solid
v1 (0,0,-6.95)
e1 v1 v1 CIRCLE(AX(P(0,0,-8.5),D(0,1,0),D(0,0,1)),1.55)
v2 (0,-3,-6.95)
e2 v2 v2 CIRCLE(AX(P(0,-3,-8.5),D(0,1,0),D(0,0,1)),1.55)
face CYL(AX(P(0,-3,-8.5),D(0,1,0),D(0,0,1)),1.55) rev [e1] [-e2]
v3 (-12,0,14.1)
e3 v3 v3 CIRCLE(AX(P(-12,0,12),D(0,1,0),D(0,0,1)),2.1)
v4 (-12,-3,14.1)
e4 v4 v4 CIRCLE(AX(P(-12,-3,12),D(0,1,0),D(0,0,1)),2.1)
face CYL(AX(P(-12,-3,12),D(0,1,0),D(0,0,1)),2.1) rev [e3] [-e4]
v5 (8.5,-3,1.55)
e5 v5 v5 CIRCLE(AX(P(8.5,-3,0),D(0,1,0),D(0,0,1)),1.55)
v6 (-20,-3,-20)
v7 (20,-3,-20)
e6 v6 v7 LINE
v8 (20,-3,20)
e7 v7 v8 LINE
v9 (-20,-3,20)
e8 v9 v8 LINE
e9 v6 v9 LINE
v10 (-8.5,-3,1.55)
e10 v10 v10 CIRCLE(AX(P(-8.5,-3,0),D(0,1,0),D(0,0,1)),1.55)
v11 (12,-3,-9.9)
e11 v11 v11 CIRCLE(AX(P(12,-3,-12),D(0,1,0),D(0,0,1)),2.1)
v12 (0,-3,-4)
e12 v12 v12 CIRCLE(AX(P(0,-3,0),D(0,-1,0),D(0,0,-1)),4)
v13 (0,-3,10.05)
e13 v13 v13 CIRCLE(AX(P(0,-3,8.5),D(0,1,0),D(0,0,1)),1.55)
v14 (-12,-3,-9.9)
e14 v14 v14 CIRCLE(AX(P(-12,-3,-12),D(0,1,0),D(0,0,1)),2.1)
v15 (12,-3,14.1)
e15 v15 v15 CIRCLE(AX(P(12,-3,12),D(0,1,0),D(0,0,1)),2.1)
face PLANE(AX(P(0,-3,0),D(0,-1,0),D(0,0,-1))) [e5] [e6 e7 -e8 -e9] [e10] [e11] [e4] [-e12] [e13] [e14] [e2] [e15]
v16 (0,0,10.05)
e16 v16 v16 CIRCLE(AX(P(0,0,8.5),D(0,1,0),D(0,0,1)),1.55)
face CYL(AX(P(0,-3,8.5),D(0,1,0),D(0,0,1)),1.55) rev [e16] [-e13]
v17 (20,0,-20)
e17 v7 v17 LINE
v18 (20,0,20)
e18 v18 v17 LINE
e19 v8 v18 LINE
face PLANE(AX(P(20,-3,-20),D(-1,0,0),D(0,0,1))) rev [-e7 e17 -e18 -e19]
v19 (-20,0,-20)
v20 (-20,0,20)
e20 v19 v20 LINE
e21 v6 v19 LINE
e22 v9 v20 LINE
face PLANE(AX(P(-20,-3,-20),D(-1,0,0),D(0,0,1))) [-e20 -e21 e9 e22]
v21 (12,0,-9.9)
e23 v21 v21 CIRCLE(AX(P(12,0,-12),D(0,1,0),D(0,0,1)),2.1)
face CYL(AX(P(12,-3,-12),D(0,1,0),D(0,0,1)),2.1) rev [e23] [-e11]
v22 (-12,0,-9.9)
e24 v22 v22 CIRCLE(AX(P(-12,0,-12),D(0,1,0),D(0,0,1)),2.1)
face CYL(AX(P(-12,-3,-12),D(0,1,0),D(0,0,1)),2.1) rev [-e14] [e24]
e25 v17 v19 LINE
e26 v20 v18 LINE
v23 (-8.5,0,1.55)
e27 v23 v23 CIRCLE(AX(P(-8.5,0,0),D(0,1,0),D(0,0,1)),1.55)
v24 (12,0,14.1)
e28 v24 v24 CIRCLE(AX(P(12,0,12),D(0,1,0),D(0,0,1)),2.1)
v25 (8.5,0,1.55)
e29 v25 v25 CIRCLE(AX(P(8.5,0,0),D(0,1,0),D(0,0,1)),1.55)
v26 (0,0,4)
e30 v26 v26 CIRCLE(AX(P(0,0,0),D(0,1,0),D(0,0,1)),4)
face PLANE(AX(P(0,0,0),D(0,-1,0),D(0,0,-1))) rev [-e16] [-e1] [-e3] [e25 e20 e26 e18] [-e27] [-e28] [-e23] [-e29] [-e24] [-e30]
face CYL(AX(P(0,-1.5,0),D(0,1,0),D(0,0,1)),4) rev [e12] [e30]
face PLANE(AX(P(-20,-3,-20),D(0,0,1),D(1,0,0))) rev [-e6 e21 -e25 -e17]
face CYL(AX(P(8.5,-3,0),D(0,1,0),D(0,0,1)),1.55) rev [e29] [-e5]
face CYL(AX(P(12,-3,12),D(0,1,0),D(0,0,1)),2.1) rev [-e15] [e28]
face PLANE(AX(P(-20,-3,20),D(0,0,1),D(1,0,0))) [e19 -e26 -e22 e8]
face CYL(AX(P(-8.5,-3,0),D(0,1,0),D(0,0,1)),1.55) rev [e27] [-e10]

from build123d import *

# Parameters (mm, degrees)
SKETCH_1_W                = 40
SKETCH_1_H                = 40
SKETCH_1_R                = 1.55
EXTRUDE_2_DEPTH           = 3
SKETCH_1_6_R              = 4
CUT_EXTRUDE_1_DEPTH       = 1.5
SKETCH_2_W                = 3
SKETCH_2_H                = 3
EXTRUDE_7_DEPTH           = 45
SKETCH_5_W                = 40
SKETCH_5_H                = 3
EXTRUDE_8_DEPTH           = 40
CUT_EXTRUDE_2_DEPTH       = 4
CUT_EXTRUDE_START         = -4
SKETCH_7_R                = 4
CUT_EXTRUDE_3_DEPTH       = 4
SKETCH_8_R                = 5
CUT_EXTRUDE_4_DEPTH       = 4
SKETCH_9_R                = 2.5
CUT_EXTRUDE_5_DEPTH       = 4
SKETCH_10_W               = 1.5
SKETCH_10_H               = 34
SKETCH_10_W_2             = 34
SKETCH_10_H_2             = 1.5
EXTRUDE_10_DEPTH          = 45
CUT_EXTRUDE_12_DEPTH      = 63.507999488
CUT_EXTRUDE_12_DEPTH_BACK = 4
CUT_EXTRUDE_13_DEPTH      = 4
CUT_EXTRUDE_13_DEPTH_BACK = 64.442887702
CUT_EXTRUDE_15_DEPTH      = 10
CUT_EXTRUDE_15_DEPTH_BACK = 64.442887702
SKETCH_24_5_R             = 1.85
SKETCH_24_5_R_2           = 5.5
CUT_EXTRUDE_16_DEPTH      = 10
CUT_EXTRUDE_16_DEPTH_BACK = 64.442887702
SKETCH_25_R               = 5.5
SKETCH_25_R_2             = 1.85
SKETCH_26_W               = 40
SKETCH_26_H               = 40
CUT_EXTRUDE_17_DEPTH      = 54.150729064
EXTRUDE_START             = -3
SKETCH_27_R               = 5
SKETCH_27_R_2             = 2.1
EXTRUDE_12_DEPTH          = 3


with BuildPart() as part:
    # 草图1 → 凸台-拉伸2 (new body)
    with BuildSketch(Plane(origin=(0, 0, 0), x_dir=(1, 0, 0), z_dir=(0, 1, 0))):
        Rectangle(SKETCH_1_W, SKETCH_1_H)
        with Locations((0, 8.5)):
            Circle(SKETCH_1_R, mode=Mode.SUBTRACT)
        with Locations((8.5, 0)):
            Circle(SKETCH_1_R, mode=Mode.SUBTRACT)
        with Locations((0, -8.5)):
            Circle(SKETCH_1_R, mode=Mode.SUBTRACT)
        with Locations((-8.5, 0)):
            Circle(SKETCH_1_R, mode=Mode.SUBTRACT)
    extrude(amount=-EXTRUDE_2_DEPTH)

    # 草图1<6> → 切除-拉伸1 (cut)
    with BuildSketch(Plane(origin=(0, 0, 0), x_dir=(1, 0, 0), z_dir=(0, 1, 0))):
        Circle(SKETCH_1_6_R)
    extrude(amount=-CUT_EXTRUDE_1_DEPTH, mode=Mode.SUBTRACT)

    # 草图2 → 凸台-拉伸7 (add)
    with BuildSketch(Plane(origin=(0, 0, 0), x_dir=(1, 0, 0), z_dir=(0, 1, 0))):
        with Locations((-18.5, -18.5)):
            Rectangle(SKETCH_2_W, SKETCH_2_H)
        with Locations((18.5, -18.5)):
            Rectangle(SKETCH_2_W, SKETCH_2_H)
        with Locations((-18.5, 18.5)):
            Rectangle(SKETCH_2_W, SKETCH_2_H)
        with Locations((18.5, 18.5)):
            Rectangle(SKETCH_2_W, SKETCH_2_H)
    extrude(amount=EXTRUDE_7_DEPTH)

    # 草图5 → 凸台-拉伸8 (add)
    with BuildSketch(Plane.ZY.offset(20)):
        with Locations((0, 43.5)):
            Rectangle(SKETCH_5_W, SKETCH_5_H)
    extrude(amount=-EXTRUDE_8_DEPTH)

    # 草图6 → 切除-拉伸2 (cut)
    with BuildSketch(Plane(origin=(0, 45, 0), x_dir=(1, 0, 0), z_dir=(0, 1, 0))):
        with BuildLine():
            ThreePointArc((12.5, 0), (-8.838834765, 8.838834765), (0, -12.5))
            ThreePointArc((0, -12.5), (8.838834765, -8.838834765), (12.5, 0))
        make_face()
    extrude(amount=-CUT_EXTRUDE_2_DEPTH, mode=Mode.SUBTRACT)

    # 草图7 → 切除-拉伸3 (cut)
    with BuildSketch(Plane.XZ.offset(3).offset(CUT_EXTRUDE_START)):
        Circle(SKETCH_7_R)
    extrude(amount=CUT_EXTRUDE_3_DEPTH, mode=Mode.SUBTRACT)

    # 草图8 → 切除-拉伸4 (cut)
    with BuildSketch(Plane.XZ.offset(3)):
        with Locations((-12, 12)):
            Circle(SKETCH_8_R)
        with Locations((12, 12)):
            Circle(SKETCH_8_R)
        with Locations((12, -12)):
            Circle(SKETCH_8_R)
        with Locations((-12, -12)):
            Circle(SKETCH_8_R)
    extrude(amount=-CUT_EXTRUDE_4_DEPTH, mode=Mode.SUBTRACT)

    # 草图9 → 切除-拉伸5 (cut)
    with BuildSketch(Plane(origin=(0, 45, 0), x_dir=(1, 0, 0), z_dir=(0, 1, 0))):
        with Locations((-12.727922061, 12.727922061)):
            Circle(SKETCH_9_R)
        with Locations((12.727922061, 12.727922061)):
            Circle(SKETCH_9_R)
        with Locations((12.727922061, -12.727922061)):
            Circle(SKETCH_9_R)
        with Locations((-12.727922061, -12.727922061)):
            Circle(SKETCH_9_R)
    extrude(amount=-CUT_EXTRUDE_5_DEPTH, mode=Mode.SUBTRACT)

    # 草图10 → 凸台-拉伸10 (add)
    with BuildSketch(Plane(origin=(0, 0, 0), x_dir=(1, 0, 0), z_dir=(0, 1, 0))):
        with Locations((19.25, 0)):
            Rectangle(SKETCH_10_W, SKETCH_10_H)
        with Locations((0, -19.25)):
            Rectangle(SKETCH_10_W_2, SKETCH_10_H_2)
        with Locations((-19.25, 0)):
            Rectangle(SKETCH_10_W, SKETCH_10_H)
        with Locations((0, 19.25)):
            Rectangle(SKETCH_10_W_2, SKETCH_10_H_2)
    extrude(amount=EXTRUDE_10_DEPTH)

    # 草图20 → 切除-拉伸12 (cut, two sides: drawn at the far end of the back side and taken through both)
    with BuildSketch(Plane(origin=(0, 0, 18.5), x_dir=(-1, 0, 0), z_dir=(0, 0, -1)).offset(-CUT_EXTRUDE_12_DEPTH_BACK)):
        with BuildLine():
            Line((-2.45, 36.5), (-2.45, 5.5))
            ThreePointArc((-2.45, 5.5), (0, 3.05), (2.45, 5.5))
            Line((2.45, 5.5), (2.45, 36.5))
            ThreePointArc((2.45, 36.5), (0, 38.95), (-2.45, 36.5))
        make_face()
    extrude(amount=CUT_EXTRUDE_12_DEPTH + CUT_EXTRUDE_12_DEPTH_BACK, mode=Mode.SUBTRACT)

    # 草图24 → 切除-拉伸13 (cut, two sides: drawn at the far end of the back side and taken through both)
    with BuildSketch(Plane(origin=(20, 0, 0), x_dir=(0, 0, -1), z_dir=(1, 0, 0)).offset(-CUT_EXTRUDE_13_DEPTH_BACK)):
        with BuildLine():
            Line((-2.45, 36.5), (-2.45, 5.5))
            ThreePointArc((-2.45, 5.5), (0, 3.05), (2.45, 5.5))
            Line((2.45, 5.5), (2.45, 36.5))
            ThreePointArc((2.45, 36.5), (0, 38.95), (-2.45, 36.5))
        make_face()
    extrude(amount=CUT_EXTRUDE_13_DEPTH + CUT_EXTRUDE_13_DEPTH_BACK, mode=Mode.SUBTRACT)

    # 草图24<5> → 切除-拉伸15 (cut, two sides: drawn at the far end of the back side and taken through both)
    with BuildSketch(Plane(origin=(20, 0, 0), x_dir=(0, 0, -1), z_dir=(1, 0, 0)).offset(-CUT_EXTRUDE_15_DEPTH_BACK)):
        with Locations((-11.45, 35)):
            Circle(SKETCH_24_5_R)
        with Locations((-11.45, 7)):
            Circle(SKETCH_24_5_R)
        with Locations((11.45, 7)):
            Circle(SKETCH_24_5_R)
        with Locations((11.45, 35)):
            Circle(SKETCH_24_5_R)
        with Locations((-11.35, 21)):
            Circle(SKETCH_24_5_R_2)
        with Locations((11.35, 21)):
            Circle(SKETCH_24_5_R_2)
    extrude(amount=CUT_EXTRUDE_15_DEPTH + CUT_EXTRUDE_15_DEPTH_BACK, mode=Mode.SUBTRACT)

    # 草图25 → 切除-拉伸16 (cut, two sides: drawn at the far end of the back side and taken through both)
    with BuildSketch(Plane(origin=(0, 0, -20), x_dir=(-1, 0, 0), z_dir=(0, 0, -1)).offset(-CUT_EXTRUDE_16_DEPTH_BACK)):
        with Locations((-11.45, 21)):
            Circle(SKETCH_25_R)
        with Locations((-11.45, 35)):
            Circle(SKETCH_25_R_2)
        with Locations((11.45, 35)):
            Circle(SKETCH_25_R_2)
        with Locations((11.45, 7)):
            Circle(SKETCH_25_R_2)
        with Locations((-11.45, 7)):
            Circle(SKETCH_25_R_2)
        with Locations((11.45, 21)):
            Circle(SKETCH_25_R)
    extrude(amount=CUT_EXTRUDE_16_DEPTH + CUT_EXTRUDE_16_DEPTH_BACK, mode=Mode.SUBTRACT)

    # 草图26 → 切除-拉伸17 (cut, through all)
    with BuildSketch(Plane(origin=(0, 0, 0), x_dir=(1, 0, 0), z_dir=(0, 1, 0))):
        Rectangle(SKETCH_26_W, SKETCH_26_H)
    extrude(amount=CUT_EXTRUDE_17_DEPTH, mode=Mode.SUBTRACT)

    # 草图27 → 凸台-拉伸12 (add)
    # profile 1 of 4: a face of its own
    with BuildSketch(Plane(origin=(0, 0, 0), x_dir=(1, 0, 0), z_dir=(0, 1, 0)).offset(EXTRUDE_START)):
        with Locations((-12, 12)):
            Circle(SKETCH_27_R)
        with Locations((-12, 12)):
            Circle(SKETCH_27_R_2, mode=Mode.SUBTRACT)
    # profile 2 of 4: a face of its own
    with BuildSketch(Plane(origin=(0, 0, 0), x_dir=(1, 0, 0), z_dir=(0, 1, 0)).offset(EXTRUDE_START)):
        with Locations((12, 12)):
            Circle(SKETCH_27_R)
        with Locations((12, 12)):
            Circle(SKETCH_27_R_2, mode=Mode.SUBTRACT)
    # profile 3 of 4: a face of its own
    with BuildSketch(Plane(origin=(0, 0, 0), x_dir=(1, 0, 0), z_dir=(0, 1, 0)).offset(EXTRUDE_START)):
        with Locations((-12, -12)):
            Circle(SKETCH_27_R)
        with Locations((-12, -12)):
            Circle(SKETCH_27_R_2, mode=Mode.SUBTRACT)
    # profile 4 of 4: a face of its own
    with BuildSketch(Plane(origin=(0, 0, 0), x_dir=(1, 0, 0), z_dir=(0, 1, 0)).offset(EXTRUDE_START)):
        with Locations((12, -12)):
            Circle(SKETCH_27_R)
        with Locations((12, -12)):
            Circle(SKETCH_27_R_2, mode=Mode.SUBTRACT)
    extrude(amount=EXTRUDE_12_DEPTH)


solid = part.part
